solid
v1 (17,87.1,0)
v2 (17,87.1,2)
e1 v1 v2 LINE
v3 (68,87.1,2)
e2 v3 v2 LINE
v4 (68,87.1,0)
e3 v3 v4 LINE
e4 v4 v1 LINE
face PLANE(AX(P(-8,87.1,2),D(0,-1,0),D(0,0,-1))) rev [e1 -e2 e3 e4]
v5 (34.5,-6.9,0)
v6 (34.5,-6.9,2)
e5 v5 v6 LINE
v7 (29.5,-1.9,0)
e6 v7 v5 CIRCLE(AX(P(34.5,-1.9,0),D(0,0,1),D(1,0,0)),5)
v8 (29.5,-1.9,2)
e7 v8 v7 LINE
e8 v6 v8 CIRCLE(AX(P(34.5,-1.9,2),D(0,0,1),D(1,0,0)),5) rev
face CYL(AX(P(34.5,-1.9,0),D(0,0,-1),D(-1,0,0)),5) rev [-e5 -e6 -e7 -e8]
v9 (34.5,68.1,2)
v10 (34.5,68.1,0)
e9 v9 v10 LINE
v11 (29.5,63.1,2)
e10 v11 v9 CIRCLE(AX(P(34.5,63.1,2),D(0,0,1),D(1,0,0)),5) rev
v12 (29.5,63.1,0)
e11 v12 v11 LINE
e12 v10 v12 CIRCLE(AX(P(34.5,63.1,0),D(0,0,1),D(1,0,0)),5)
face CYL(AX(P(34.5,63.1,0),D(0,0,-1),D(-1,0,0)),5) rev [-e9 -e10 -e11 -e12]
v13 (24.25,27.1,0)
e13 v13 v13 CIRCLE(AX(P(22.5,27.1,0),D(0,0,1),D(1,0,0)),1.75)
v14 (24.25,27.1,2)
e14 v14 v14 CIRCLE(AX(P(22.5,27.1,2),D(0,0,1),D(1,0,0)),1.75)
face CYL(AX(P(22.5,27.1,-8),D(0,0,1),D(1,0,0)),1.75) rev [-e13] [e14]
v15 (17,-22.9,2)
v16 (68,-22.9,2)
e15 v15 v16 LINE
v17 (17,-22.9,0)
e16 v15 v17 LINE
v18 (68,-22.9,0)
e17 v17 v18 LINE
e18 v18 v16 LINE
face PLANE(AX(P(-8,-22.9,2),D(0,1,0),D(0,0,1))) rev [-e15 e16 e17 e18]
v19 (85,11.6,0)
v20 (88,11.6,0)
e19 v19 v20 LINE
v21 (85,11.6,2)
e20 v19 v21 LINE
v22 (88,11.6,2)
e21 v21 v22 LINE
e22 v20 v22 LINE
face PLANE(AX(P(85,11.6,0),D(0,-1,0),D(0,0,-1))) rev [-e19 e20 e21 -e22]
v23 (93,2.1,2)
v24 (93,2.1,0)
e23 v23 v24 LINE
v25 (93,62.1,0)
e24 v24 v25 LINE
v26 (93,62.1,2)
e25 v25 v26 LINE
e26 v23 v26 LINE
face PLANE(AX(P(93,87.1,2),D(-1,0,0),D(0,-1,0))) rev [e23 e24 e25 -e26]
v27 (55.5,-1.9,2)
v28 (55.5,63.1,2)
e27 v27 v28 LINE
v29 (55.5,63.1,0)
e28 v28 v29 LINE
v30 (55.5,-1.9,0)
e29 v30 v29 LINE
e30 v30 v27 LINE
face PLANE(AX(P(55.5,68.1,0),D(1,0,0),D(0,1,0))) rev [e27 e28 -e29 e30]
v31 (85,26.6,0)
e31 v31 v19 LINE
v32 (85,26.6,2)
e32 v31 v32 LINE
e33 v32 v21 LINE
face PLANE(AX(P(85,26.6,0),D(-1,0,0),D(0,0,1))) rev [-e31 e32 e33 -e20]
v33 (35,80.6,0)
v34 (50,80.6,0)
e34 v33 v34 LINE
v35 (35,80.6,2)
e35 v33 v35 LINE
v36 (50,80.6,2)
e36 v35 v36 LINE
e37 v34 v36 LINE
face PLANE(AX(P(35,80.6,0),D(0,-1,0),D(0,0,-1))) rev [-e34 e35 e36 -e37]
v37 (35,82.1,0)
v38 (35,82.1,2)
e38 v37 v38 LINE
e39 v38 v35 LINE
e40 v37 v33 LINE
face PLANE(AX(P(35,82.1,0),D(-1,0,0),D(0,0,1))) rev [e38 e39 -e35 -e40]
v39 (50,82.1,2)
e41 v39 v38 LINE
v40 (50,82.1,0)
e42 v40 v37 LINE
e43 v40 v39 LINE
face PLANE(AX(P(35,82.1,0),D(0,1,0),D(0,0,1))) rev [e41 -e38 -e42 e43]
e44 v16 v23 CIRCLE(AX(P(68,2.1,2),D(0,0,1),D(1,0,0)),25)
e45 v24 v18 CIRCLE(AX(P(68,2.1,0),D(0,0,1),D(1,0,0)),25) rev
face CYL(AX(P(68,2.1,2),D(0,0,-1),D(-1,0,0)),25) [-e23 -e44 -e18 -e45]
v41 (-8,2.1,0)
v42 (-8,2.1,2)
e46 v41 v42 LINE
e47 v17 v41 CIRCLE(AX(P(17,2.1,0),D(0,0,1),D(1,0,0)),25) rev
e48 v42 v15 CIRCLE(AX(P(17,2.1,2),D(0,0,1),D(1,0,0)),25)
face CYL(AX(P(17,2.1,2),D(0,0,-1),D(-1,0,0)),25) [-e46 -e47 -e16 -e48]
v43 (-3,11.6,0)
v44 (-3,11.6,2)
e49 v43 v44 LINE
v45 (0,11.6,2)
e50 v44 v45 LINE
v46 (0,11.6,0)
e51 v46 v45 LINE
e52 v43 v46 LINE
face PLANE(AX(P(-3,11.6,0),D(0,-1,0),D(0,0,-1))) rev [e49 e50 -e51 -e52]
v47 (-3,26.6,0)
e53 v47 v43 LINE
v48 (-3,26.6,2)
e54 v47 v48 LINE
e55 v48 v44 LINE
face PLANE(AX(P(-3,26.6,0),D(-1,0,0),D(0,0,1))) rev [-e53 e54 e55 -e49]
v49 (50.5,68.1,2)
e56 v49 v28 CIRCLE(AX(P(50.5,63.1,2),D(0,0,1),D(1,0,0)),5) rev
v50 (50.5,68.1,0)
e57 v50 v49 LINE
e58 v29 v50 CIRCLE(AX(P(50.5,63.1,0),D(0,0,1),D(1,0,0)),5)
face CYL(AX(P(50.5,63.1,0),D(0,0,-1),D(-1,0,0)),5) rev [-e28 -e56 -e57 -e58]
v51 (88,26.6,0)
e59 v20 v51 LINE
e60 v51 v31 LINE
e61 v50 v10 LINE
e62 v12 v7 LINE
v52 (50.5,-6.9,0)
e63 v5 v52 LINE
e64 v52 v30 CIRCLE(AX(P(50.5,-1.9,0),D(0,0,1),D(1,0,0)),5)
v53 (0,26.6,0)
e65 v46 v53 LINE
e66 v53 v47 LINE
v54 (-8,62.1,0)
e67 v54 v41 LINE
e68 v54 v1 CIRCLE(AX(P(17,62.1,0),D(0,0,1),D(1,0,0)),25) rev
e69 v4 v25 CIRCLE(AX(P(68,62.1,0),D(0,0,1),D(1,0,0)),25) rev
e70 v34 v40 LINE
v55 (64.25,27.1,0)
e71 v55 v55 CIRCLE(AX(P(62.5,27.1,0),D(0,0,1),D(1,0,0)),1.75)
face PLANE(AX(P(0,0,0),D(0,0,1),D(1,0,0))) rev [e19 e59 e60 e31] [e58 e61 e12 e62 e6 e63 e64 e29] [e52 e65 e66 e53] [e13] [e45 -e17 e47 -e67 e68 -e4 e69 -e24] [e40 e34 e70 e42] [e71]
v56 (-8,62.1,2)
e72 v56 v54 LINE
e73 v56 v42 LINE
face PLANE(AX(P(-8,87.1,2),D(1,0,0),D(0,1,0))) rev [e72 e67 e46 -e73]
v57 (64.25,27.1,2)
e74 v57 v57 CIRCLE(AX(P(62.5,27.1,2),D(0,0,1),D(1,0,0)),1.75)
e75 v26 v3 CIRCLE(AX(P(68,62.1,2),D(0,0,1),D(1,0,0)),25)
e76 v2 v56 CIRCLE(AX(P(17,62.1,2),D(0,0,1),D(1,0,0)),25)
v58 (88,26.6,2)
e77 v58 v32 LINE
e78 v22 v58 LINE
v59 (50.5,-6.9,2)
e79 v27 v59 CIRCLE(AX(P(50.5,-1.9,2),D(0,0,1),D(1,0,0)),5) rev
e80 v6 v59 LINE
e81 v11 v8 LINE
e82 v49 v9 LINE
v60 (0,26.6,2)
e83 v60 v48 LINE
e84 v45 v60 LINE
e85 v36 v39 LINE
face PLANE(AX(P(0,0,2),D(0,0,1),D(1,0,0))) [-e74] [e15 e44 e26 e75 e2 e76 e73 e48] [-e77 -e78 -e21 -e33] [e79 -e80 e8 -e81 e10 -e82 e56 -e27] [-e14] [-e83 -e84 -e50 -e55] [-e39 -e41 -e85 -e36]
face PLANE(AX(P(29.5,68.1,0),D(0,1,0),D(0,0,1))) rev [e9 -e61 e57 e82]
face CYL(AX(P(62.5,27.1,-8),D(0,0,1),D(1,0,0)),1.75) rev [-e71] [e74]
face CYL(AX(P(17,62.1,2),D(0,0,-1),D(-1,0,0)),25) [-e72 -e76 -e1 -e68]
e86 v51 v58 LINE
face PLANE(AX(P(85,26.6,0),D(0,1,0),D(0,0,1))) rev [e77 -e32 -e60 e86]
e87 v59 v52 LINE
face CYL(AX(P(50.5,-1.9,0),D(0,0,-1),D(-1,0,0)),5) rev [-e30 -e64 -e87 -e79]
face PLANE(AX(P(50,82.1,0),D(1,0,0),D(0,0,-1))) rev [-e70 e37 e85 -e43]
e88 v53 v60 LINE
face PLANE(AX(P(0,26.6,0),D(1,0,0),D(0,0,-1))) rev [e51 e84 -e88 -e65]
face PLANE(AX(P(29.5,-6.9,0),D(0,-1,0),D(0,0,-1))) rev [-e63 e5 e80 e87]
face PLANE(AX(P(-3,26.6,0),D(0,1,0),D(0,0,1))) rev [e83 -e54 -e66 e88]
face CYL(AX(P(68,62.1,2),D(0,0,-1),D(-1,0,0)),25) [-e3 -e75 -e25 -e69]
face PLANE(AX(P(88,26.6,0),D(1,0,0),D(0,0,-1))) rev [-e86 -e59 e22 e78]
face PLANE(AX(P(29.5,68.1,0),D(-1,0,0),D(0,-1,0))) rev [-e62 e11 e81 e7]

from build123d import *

# Parameters (mm, degrees)
SKETCH1_W           = 101
SKETCH1_H           = 110
BOSS_EXTRUDE1_DEPTH = 2
SKETCH3_W           = 15
SKETCH3_H           = 1.5
SKETCH3_W_2         = 3
SKETCH3_H_2         = 15
CUT_EXTRUDE1_DEPTH  = 128.433943673
FILLET2_R           = 25
SKETCH9_W           = 26
SKETCH9_H           = 75
CUT_EXTRUDE2_DEPTH  = 128.433943673
FILLET3_R           = 5
SKETCH4_R           = 1.75
CUT_EXTRUDE3_DEPTH  = 10


with BuildPart() as part:
    # Sketch1 → Boss-Extrude1 (new body)
    with BuildSketch(Plane.XY):
        with Locations((42.5, 32.1)):
            Rectangle(SKETCH1_W, SKETCH1_H)
    extrude(amount=BOSS_EXTRUDE1_DEPTH)

    # Sketch3 → Cut-Extrude1 (cut, through all)
    with BuildSketch(Plane.XY.offset(2)):
        with Locations((42.5, 81.35)):
            Rectangle(SKETCH3_W, SKETCH3_H)
        with Locations((-1.5, 19.1)):
            Rectangle(SKETCH3_W_2, SKETCH3_H_2)
        with Locations((86.5, 19.1)):
            Rectangle(SKETCH3_W_2, SKETCH3_H_2)
    extrude(amount=-CUT_EXTRUDE1_DEPTH, mode=Mode.SUBTRACT)

    # Fillet2
    fillet2_edges = [part.edges().sort_by_distance(p)[0] for p in [
        (-8, 87.1, 1),
        (93, 87.1, 1),
        (93, -22.9, 1),
        (-8, -22.9, 1),
    ]]
    fillet(fillet2_edges, radius=FILLET2_R)

    # Sketch9 → Cut-Extrude2 (cut, through all)
    with BuildSketch(Plane.XY.offset(2)):
        with Locations((42.5, 30.6)):
            Rectangle(SKETCH9_W, SKETCH9_H)
    extrude(amount=-CUT_EXTRUDE2_DEPTH, mode=Mode.SUBTRACT)

    # Fillet3
    fillet3_edges = [part.edges().sort_by_distance(p)[0] for p in [
        (29.5, -6.9, 1),
        (29.5, 68.1, 1),
        (55.5, 68.1, 1),
        (55.5, -6.9, 1),
    ]]
    fillet(fillet3_edges, radius=FILLET3_R)

    # Sketch4 → Cut-Extrude3 (cut)
    with BuildSketch(Plane.XY.offset(2)):
        with Locations((22.5, 27.1)):
            Circle(SKETCH4_R)
        with Locations((62.5, 27.1)):
            Circle(SKETCH4_R)
    extrude(amount=-CUT_EXTRUDE3_DEPTH, mode=Mode.SUBTRACT)


solid = part.part
